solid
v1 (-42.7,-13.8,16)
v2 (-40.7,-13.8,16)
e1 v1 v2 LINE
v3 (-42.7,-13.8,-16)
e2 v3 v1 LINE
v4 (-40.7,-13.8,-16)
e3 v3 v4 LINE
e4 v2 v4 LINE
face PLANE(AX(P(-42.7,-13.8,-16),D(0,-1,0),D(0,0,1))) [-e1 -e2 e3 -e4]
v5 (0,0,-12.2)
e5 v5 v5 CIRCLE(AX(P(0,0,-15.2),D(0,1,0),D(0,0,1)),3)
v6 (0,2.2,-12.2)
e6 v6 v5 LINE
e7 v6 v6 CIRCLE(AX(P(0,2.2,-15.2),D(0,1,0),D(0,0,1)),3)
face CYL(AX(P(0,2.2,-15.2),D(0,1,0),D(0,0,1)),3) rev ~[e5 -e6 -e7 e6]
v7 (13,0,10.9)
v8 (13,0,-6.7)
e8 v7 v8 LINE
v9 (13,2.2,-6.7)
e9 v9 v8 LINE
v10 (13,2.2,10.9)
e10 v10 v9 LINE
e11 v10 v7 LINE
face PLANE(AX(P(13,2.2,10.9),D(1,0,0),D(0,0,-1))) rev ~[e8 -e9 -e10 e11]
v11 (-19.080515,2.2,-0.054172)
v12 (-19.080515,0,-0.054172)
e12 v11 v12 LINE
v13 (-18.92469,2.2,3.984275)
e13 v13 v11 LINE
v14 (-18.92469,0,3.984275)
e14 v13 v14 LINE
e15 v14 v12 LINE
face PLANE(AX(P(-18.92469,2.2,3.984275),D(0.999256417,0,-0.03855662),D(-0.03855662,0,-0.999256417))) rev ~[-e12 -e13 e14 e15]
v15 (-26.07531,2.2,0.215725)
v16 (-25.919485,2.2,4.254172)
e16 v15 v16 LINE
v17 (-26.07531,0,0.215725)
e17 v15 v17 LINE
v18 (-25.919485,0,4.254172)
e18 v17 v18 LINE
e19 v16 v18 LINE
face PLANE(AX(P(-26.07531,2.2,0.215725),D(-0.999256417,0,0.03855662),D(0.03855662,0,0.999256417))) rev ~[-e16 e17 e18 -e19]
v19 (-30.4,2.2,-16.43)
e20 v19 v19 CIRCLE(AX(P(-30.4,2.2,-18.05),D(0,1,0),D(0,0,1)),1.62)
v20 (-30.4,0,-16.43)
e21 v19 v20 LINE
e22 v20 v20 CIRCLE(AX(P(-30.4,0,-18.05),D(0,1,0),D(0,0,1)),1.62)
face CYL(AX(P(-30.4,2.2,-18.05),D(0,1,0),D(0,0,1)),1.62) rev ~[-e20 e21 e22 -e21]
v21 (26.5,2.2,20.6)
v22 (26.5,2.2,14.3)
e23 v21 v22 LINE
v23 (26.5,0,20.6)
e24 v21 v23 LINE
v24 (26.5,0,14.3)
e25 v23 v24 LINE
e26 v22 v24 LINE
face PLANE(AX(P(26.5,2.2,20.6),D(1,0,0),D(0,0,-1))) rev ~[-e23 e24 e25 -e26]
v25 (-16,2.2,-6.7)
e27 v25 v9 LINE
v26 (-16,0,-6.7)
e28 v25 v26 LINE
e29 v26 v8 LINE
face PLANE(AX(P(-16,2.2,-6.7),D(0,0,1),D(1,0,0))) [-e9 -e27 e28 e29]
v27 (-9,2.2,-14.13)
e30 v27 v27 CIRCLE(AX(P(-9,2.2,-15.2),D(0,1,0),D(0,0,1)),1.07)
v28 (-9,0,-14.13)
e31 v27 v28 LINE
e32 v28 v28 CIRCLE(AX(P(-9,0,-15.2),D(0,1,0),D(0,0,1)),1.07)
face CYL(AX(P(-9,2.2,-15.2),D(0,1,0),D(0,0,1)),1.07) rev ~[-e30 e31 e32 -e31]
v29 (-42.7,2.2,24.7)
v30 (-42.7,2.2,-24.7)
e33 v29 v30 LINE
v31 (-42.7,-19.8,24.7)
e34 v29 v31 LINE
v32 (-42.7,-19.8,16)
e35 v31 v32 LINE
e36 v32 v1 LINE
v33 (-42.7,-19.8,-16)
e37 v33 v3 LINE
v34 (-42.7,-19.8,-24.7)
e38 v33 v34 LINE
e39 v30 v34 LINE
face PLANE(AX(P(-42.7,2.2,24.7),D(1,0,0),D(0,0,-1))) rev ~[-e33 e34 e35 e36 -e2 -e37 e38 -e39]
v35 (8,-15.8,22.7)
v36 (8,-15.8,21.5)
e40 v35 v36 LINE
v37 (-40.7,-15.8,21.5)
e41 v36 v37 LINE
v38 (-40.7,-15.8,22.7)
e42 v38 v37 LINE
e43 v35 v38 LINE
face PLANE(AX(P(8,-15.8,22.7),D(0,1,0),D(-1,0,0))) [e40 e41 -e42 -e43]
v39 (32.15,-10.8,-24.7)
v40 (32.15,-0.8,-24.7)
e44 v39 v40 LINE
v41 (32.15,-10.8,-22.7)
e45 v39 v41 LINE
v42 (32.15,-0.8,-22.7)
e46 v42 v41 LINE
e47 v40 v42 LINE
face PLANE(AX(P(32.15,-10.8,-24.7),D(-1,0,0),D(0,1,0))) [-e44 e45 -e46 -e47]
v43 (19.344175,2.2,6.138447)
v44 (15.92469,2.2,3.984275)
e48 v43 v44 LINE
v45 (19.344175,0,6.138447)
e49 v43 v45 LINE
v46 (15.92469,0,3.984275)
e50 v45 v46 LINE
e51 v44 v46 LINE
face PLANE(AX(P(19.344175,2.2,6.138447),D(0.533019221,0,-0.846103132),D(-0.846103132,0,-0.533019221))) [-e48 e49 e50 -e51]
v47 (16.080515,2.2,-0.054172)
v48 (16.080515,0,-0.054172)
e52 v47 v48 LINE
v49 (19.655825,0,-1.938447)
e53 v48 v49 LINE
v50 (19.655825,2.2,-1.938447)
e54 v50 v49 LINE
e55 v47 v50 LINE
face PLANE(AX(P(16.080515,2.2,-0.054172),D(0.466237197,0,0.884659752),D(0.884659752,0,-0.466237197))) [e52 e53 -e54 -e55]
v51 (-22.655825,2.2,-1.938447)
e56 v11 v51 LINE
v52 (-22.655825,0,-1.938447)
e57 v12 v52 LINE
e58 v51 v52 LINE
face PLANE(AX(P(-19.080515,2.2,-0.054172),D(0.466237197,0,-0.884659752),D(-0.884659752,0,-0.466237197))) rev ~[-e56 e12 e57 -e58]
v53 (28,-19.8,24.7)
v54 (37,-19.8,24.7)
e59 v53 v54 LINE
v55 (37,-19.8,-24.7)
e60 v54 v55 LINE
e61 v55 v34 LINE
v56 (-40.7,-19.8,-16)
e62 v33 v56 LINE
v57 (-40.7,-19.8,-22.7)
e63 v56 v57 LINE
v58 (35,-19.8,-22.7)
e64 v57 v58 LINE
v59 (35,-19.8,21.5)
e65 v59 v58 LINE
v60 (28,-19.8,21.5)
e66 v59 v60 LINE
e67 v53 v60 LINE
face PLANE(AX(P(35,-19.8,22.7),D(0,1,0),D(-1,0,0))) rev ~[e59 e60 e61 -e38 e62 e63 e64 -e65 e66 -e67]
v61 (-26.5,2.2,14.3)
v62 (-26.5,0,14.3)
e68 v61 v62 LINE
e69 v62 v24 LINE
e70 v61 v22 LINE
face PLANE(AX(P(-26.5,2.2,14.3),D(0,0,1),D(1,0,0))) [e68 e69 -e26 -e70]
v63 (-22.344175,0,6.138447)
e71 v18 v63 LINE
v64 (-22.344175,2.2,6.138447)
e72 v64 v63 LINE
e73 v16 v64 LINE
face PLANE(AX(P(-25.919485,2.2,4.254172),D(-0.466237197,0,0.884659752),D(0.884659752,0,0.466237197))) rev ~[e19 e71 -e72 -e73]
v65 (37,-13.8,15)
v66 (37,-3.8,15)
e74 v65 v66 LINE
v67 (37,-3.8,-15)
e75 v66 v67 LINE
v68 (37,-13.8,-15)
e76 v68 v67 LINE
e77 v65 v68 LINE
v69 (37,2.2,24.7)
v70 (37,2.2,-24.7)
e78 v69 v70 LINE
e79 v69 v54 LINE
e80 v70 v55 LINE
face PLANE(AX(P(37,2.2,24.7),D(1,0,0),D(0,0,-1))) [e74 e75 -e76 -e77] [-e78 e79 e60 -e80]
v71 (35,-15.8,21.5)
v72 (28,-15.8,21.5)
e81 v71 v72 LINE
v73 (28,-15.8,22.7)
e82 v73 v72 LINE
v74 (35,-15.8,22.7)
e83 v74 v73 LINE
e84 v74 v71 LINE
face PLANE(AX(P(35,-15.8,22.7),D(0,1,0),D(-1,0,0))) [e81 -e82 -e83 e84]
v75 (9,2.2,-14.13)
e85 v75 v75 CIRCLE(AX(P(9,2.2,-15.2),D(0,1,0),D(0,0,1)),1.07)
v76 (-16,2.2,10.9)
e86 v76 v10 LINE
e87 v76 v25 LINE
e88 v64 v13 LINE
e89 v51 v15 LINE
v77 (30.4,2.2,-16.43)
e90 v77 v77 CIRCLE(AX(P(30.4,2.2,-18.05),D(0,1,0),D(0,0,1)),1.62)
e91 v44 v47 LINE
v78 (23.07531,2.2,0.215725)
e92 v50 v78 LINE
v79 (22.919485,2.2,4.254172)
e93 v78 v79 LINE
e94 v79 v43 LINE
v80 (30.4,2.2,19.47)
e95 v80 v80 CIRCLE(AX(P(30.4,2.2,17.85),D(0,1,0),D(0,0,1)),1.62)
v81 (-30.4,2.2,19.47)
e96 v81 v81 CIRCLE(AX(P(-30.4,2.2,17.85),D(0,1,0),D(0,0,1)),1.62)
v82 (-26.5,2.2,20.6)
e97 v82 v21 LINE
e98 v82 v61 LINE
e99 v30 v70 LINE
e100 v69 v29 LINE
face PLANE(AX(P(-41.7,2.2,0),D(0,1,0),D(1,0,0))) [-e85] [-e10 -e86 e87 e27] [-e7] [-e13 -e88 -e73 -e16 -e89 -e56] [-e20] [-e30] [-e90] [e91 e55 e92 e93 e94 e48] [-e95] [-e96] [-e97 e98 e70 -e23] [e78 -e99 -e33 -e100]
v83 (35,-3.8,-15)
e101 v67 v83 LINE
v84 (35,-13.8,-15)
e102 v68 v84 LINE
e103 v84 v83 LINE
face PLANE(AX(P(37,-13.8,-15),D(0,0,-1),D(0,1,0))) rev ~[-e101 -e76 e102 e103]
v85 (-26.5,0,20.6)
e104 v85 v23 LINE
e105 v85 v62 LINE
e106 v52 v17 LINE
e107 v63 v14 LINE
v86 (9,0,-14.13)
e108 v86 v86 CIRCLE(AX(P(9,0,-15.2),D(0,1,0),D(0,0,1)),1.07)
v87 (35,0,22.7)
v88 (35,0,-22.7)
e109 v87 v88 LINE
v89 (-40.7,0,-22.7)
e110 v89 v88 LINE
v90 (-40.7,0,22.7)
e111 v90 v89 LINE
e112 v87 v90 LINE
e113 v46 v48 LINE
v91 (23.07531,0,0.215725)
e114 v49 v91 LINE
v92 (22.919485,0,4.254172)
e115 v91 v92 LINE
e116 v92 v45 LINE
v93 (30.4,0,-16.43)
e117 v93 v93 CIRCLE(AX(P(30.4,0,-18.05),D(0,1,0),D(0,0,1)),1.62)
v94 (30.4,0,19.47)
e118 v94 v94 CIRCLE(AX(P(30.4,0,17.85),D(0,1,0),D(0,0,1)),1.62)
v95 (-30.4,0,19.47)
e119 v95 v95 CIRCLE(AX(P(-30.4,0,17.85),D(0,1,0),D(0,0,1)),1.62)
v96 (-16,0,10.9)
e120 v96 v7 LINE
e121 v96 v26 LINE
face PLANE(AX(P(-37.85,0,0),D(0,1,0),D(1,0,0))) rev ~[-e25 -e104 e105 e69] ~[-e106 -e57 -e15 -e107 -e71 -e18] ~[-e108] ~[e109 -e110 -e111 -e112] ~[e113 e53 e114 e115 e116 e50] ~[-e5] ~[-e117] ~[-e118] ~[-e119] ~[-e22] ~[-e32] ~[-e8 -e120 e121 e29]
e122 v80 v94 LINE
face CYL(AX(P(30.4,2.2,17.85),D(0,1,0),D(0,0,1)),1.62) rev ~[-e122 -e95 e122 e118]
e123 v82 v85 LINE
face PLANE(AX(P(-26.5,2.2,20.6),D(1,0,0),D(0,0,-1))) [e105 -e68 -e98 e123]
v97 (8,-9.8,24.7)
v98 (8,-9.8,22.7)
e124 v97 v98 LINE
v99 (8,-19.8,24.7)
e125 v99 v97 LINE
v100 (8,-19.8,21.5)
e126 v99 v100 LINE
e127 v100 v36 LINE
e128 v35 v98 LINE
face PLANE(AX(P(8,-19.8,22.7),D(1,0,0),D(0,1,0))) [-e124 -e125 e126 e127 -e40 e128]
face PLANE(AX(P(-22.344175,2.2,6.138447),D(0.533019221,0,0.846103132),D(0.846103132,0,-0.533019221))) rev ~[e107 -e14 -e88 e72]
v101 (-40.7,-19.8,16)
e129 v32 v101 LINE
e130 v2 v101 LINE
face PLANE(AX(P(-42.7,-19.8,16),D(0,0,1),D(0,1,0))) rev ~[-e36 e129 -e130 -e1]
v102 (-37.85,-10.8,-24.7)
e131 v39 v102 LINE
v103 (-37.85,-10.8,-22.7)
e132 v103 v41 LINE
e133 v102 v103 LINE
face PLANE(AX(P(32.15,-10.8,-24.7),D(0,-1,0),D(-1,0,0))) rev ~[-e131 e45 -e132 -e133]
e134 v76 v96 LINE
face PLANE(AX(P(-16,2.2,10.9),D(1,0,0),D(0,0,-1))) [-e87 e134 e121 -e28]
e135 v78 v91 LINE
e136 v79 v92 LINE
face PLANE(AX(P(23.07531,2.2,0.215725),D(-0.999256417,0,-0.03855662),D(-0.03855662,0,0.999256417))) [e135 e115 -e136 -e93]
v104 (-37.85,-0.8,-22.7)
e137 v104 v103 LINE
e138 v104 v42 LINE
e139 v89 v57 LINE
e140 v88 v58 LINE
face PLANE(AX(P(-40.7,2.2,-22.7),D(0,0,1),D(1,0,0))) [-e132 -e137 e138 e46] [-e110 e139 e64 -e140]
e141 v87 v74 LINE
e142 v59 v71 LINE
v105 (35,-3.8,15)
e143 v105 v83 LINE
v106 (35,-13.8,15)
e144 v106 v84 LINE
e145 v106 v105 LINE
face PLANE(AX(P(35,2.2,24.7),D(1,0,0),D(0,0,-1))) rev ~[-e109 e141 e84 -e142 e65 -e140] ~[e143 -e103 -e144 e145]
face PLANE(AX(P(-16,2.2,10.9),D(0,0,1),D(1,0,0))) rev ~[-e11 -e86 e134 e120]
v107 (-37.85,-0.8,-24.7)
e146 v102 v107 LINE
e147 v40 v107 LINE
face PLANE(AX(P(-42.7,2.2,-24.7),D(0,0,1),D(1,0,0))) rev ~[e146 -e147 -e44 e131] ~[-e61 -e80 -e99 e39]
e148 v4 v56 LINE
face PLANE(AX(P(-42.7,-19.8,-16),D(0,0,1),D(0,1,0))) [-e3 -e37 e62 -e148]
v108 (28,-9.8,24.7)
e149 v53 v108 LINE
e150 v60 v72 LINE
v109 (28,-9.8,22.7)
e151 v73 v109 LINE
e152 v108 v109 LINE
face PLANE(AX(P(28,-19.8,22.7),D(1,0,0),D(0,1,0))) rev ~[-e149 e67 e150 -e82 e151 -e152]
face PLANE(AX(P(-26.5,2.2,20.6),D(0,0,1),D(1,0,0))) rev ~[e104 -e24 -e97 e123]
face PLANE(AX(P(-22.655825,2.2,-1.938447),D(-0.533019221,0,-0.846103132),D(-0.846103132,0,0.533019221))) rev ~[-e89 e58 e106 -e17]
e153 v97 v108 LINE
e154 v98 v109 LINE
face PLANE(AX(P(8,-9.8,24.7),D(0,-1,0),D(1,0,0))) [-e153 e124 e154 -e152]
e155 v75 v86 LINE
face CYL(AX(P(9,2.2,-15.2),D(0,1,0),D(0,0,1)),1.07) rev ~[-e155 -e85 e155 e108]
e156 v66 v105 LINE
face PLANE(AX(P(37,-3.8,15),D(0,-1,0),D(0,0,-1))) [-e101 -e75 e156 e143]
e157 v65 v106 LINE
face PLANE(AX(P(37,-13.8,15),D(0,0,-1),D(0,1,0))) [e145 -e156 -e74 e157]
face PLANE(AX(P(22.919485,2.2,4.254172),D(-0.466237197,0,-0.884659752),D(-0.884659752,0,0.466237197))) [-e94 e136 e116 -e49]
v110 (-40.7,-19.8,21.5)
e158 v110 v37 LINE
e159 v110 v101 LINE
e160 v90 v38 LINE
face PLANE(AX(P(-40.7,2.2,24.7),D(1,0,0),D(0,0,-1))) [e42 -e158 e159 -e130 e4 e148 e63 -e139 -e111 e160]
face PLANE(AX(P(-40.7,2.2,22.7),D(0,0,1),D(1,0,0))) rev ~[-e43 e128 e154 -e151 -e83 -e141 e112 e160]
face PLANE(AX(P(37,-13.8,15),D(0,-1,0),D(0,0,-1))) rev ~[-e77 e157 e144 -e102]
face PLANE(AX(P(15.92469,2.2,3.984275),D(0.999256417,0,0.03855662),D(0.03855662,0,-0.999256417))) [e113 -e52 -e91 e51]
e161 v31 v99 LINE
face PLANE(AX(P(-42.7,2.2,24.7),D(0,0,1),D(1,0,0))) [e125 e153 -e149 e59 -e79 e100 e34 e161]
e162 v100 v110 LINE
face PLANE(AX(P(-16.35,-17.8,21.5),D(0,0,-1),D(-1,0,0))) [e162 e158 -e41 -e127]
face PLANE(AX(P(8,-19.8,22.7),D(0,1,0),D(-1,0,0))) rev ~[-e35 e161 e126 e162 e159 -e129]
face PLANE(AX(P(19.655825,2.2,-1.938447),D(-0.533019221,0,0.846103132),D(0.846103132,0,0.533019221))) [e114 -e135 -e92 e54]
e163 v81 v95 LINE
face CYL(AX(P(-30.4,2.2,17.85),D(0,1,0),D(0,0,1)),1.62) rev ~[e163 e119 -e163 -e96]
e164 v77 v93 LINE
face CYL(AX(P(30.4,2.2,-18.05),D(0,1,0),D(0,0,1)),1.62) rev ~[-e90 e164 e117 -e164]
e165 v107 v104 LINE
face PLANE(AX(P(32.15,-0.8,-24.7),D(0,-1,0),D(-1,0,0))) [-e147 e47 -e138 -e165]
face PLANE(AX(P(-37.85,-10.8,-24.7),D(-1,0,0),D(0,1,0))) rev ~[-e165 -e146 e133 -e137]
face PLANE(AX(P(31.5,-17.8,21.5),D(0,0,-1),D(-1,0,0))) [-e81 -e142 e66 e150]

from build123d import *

# Parameters (mm, degrees)
SKETCH_1_W           = 70
SKETCH_1_H           = 45.4
EXTRUDE_1_DEPTH      = 2.2
SKETCH_2_R           = 1.62
CUT_EXTRUDE_1_DEPTH  = 12.2
SKETCH_3_W           = 29
SKETCH_3_H           = 17.6
CUT_EXTRUDE_2_DEPTH  = 12.2
SKETCH_5_R           = 1.07
SKETCH_5_R_2         = 3
CUT_EXTRUDE_4_DEPTH  = 12.2
SKETCH_6_W           = 53
SKETCH_6_H           = 6.3
CUT_EXTRUDE_5_DEPTH  = 12.2
SKETCH_7_W           = 75.7
SKETCH_7_H           = 2
EXTRUDE_3_DEPTH      = 22
SKETCH_8_W           = 2
SKETCH_8_H           = 49.4
EXTRUDE_4_DEPTH      = 22
SKETCH_9_W           = 75.7
SKETCH_9_H           = 2
EXTRUDE_5_DEPTH      = 22
SKETCH_10_W          = 5.7
SKETCH_10_H          = 45.4
EXTRUDE_6_DEPTH      = 2.2
SKETCH_11_W          = 2
SKETCH_11_H          = 49.4
EXTRUDE_7_DEPTH      = 22
SKETCH_12_W          = 20
SKETCH_12_H          = 10
CUT_EXTRUDE_6_DEPTH  = 22
SKETCH_13_W          = 32
SKETCH_13_H          = 6
CUT_EXTRUDE_7_DEPTH  = 22
SKETCH_14_W          = 30
SKETCH_14_H          = 10
CUT_EXTRUDE_8_DEPTH  = 22
SKETCH_16_W          = 70
SKETCH_16_H          = 10
CUT_EXTRUDE_9_DEPTH  = 22
SKETCH_17_W          = 48.7
SKETCH_17_H          = 4
EXTRUDE_8_DEPTH      = 1.2
SKETCH_18_W          = 7
SKETCH_18_H          = 4
EXTRUDE_9_DEPTH      = 1.2
CUT_EXTRUDE_10_DEPTH = 11.2


with BuildPart() as part:
    # 草图1 → 凸台-拉伸1 (new body)
    with BuildSketch(Plane(origin=(0, 0, 0), x_dir=(1, 0, 0), z_dir=(0, 1, 0))):
        Rectangle(SKETCH_1_W, SKETCH_1_H)
    extrude(amount=EXTRUDE_1_DEPTH)

    # 草图2 → 切除-拉伸1 (cut)
    with BuildSketch(Plane(origin=(0, 2.2, 0), x_dir=(1, 0, 0), z_dir=(0, 1, 0))):
        with Locations(Location((-30.4, 18.05, 0), (0, 0, 270))):
            Circle(SKETCH_2_R)
        with Locations(Location((-30.4, -17.85, 0), (0, 0, 270))):
            Circle(SKETCH_2_R)
        with Locations(Location((30.4, -17.85, 0), (0, 0, 270))):
            Circle(SKETCH_2_R)
        with Locations(Location((30.4, 18.05, 0), (0, 0, 270))):
            Circle(SKETCH_2_R)
    extrude(amount=-CUT_EXTRUDE_1_DEPTH, mode=Mode.SUBTRACT)

    # 草图3 → 切除-拉伸2 (cut)
    with BuildSketch(Plane(origin=(0, 2.2, 0), x_dir=(1, 0, 0), z_dir=(0, 1, 0))):
        with Locations((-1.5, -2.1)):
            Rectangle(SKETCH_3_W, SKETCH_3_H)
    extrude(amount=-CUT_EXTRUDE_2_DEPTH, mode=Mode.SUBTRACT)

    # 草图5 → 切除-拉伸4 (cut)
    with BuildSketch(Plane(origin=(0, 2.2, 0), x_dir=(1, 0, 0), z_dir=(0, 1, 0))):
        with Locations(Location((9, 15.2, 0), (0, 0, 270))):
            Circle(SKETCH_5_R)
        with Locations(Location((-9, 15.2, 0), (0, 0, 270))):
            Circle(SKETCH_5_R)
        with Locations(Location((0, 15.2, 0), (0, 0, 270))):
            Circle(SKETCH_5_R_2)
    extrude(amount=-CUT_EXTRUDE_4_DEPTH, mode=Mode.SUBTRACT)

    # 草图6 → 切除-拉伸5 (cut)
    with BuildSketch(Plane(origin=(0, 2.2, 0), x_dir=(1, 0, 0), z_dir=(0, 1, 0))):
        with Locations((0, -17.45)):
            Rectangle(SKETCH_6_W, SKETCH_6_H)
    extrude(amount=-CUT_EXTRUDE_5_DEPTH, mode=Mode.SUBTRACT)

    # 草图7 → 凸台-拉伸3 (add)
    with BuildSketch(Plane(origin=(0, 2.2, 0), x_dir=(1, 0, 0), z_dir=(0, 1, 0))):
        with Locations((-2.85, 23.7)):
            Rectangle(SKETCH_7_W, SKETCH_7_H)
    extrude(amount=-EXTRUDE_3_DEPTH)

    # 草图8 → 凸台-拉伸4 (add)
    with BuildSketch(Plane(origin=(0, 2.2, 0), x_dir=(1, 0, 0), z_dir=(0, 1, 0))):
        with Locations((36, 0)):
            Rectangle(SKETCH_8_W, SKETCH_8_H)
    extrude(amount=-EXTRUDE_4_DEPTH)

    # 草图9 → 凸台-拉伸5 (add)
    with BuildSketch(Plane(origin=(0, 2.2, 0), x_dir=(1, 0, 0), z_dir=(0, 1, 0))):
        with Locations((-2.85, -23.7)):
            Rectangle(SKETCH_9_W, SKETCH_9_H)
    extrude(amount=-EXTRUDE_5_DEPTH)

    # 草图10 → 凸台-拉伸6 (add)
    with BuildSketch(Plane(origin=(0, 2.2, 0), x_dir=(1, 0, 0), z_dir=(0, 1, 0))):
        with Locations((-37.85, 0)):
            Rectangle(SKETCH_10_W, SKETCH_10_H)
    extrude(amount=-EXTRUDE_6_DEPTH)

    # 草图11 → 凸台-拉伸7 (add)
    with BuildSketch(Plane(origin=(0, 2.2, 0), x_dir=(1, 0, 0), z_dir=(0, 1, 0))):
        with Locations((-41.7, 0)):
            Rectangle(SKETCH_11_W, SKETCH_11_H)
    extrude(amount=-EXTRUDE_7_DEPTH)

    # 草图12 → 切除-拉伸6 (cut)
    with BuildSketch(Plane.XY.offset(24.7)):
        with Locations((18, -14.8)):
            Rectangle(SKETCH_12_W, SKETCH_12_H)
    extrude(amount=-CUT_EXTRUDE_6_DEPTH, mode=Mode.SUBTRACT)

    # 草图13 → 切除-拉伸7 (cut)
    with BuildSketch(Plane.ZY.offset(42.7)):
        with Locations((0, -16.8)):
            Rectangle(SKETCH_13_W, SKETCH_13_H)
    extrude(amount=-CUT_EXTRUDE_7_DEPTH, mode=Mode.SUBTRACT)

    # 草图14 → 切除-拉伸8 (cut)
    with BuildSketch(Plane(origin=(37, 0, 0), x_dir=(0, 0, -1), z_dir=(1, 0, 0))):
        with Locations((0, -8.8)):
            Rectangle(SKETCH_14_W, SKETCH_14_H)
    extrude(amount=-CUT_EXTRUDE_8_DEPTH, mode=Mode.SUBTRACT)

    # 草图16 → 切除-拉伸9 (cut)
    with BuildSketch(Plane(origin=(0, 0, -24.7), x_dir=(-1, 0, 0), z_dir=(0, 0, -1))):
        with Locations((2.85, -5.8)):
            Rectangle(SKETCH_16_W, SKETCH_16_H)
    extrude(amount=-CUT_EXTRUDE_9_DEPTH, mode=Mode.SUBTRACT)

    # 草图17 → 凸台-拉伸8 (add)
    with BuildSketch(Plane(origin=(0, 0, 22.7), x_dir=(-1, 0, 0), z_dir=(0, 0, -1))):
        with Locations((16.35, -17.8)):
            Rectangle(SKETCH_17_W, SKETCH_17_H)
    extrude(amount=EXTRUDE_8_DEPTH)

    # 草图18 → 凸台-拉伸9 (add)
    with BuildSketch(Plane(origin=(0, 0, 22.7), x_dir=(-1, 0, 0), z_dir=(0, 0, -1))):
        with Locations((-31.5, -17.8)):
            Rectangle(SKETCH_18_W, SKETCH_18_H)
    extrude(amount=EXTRUDE_9_DEPTH)

    # 草图19 → 切除-拉伸10 (cut)
    with BuildSketch(Plane(origin=(0, 2.2, 0), x_dir=(1, 0, 0), z_dir=(0, 1, 0))):
        Polygon((22.919485098, -4.254171533), (19.344175277, -6.13844673), (15.924690179, -3.984275197), (16.080514902, 0.054171533), (19.655824723, 1.93844673), (23.075309821, -0.215724803), align=None)
        Polygon((-19.080514902, 0.054171533), (-22.655824723, 1.93844673), (-26.075309821, -0.215724803), (-25.919485098, -4.254171533), (-22.344175277, -6.13844673), (-18.924690179, -3.984275197), align=None)
    extrude(amount=-CUT_EXTRUDE_10_DEPTH, mode=Mode.SUBTRACT)


solid = part.part
